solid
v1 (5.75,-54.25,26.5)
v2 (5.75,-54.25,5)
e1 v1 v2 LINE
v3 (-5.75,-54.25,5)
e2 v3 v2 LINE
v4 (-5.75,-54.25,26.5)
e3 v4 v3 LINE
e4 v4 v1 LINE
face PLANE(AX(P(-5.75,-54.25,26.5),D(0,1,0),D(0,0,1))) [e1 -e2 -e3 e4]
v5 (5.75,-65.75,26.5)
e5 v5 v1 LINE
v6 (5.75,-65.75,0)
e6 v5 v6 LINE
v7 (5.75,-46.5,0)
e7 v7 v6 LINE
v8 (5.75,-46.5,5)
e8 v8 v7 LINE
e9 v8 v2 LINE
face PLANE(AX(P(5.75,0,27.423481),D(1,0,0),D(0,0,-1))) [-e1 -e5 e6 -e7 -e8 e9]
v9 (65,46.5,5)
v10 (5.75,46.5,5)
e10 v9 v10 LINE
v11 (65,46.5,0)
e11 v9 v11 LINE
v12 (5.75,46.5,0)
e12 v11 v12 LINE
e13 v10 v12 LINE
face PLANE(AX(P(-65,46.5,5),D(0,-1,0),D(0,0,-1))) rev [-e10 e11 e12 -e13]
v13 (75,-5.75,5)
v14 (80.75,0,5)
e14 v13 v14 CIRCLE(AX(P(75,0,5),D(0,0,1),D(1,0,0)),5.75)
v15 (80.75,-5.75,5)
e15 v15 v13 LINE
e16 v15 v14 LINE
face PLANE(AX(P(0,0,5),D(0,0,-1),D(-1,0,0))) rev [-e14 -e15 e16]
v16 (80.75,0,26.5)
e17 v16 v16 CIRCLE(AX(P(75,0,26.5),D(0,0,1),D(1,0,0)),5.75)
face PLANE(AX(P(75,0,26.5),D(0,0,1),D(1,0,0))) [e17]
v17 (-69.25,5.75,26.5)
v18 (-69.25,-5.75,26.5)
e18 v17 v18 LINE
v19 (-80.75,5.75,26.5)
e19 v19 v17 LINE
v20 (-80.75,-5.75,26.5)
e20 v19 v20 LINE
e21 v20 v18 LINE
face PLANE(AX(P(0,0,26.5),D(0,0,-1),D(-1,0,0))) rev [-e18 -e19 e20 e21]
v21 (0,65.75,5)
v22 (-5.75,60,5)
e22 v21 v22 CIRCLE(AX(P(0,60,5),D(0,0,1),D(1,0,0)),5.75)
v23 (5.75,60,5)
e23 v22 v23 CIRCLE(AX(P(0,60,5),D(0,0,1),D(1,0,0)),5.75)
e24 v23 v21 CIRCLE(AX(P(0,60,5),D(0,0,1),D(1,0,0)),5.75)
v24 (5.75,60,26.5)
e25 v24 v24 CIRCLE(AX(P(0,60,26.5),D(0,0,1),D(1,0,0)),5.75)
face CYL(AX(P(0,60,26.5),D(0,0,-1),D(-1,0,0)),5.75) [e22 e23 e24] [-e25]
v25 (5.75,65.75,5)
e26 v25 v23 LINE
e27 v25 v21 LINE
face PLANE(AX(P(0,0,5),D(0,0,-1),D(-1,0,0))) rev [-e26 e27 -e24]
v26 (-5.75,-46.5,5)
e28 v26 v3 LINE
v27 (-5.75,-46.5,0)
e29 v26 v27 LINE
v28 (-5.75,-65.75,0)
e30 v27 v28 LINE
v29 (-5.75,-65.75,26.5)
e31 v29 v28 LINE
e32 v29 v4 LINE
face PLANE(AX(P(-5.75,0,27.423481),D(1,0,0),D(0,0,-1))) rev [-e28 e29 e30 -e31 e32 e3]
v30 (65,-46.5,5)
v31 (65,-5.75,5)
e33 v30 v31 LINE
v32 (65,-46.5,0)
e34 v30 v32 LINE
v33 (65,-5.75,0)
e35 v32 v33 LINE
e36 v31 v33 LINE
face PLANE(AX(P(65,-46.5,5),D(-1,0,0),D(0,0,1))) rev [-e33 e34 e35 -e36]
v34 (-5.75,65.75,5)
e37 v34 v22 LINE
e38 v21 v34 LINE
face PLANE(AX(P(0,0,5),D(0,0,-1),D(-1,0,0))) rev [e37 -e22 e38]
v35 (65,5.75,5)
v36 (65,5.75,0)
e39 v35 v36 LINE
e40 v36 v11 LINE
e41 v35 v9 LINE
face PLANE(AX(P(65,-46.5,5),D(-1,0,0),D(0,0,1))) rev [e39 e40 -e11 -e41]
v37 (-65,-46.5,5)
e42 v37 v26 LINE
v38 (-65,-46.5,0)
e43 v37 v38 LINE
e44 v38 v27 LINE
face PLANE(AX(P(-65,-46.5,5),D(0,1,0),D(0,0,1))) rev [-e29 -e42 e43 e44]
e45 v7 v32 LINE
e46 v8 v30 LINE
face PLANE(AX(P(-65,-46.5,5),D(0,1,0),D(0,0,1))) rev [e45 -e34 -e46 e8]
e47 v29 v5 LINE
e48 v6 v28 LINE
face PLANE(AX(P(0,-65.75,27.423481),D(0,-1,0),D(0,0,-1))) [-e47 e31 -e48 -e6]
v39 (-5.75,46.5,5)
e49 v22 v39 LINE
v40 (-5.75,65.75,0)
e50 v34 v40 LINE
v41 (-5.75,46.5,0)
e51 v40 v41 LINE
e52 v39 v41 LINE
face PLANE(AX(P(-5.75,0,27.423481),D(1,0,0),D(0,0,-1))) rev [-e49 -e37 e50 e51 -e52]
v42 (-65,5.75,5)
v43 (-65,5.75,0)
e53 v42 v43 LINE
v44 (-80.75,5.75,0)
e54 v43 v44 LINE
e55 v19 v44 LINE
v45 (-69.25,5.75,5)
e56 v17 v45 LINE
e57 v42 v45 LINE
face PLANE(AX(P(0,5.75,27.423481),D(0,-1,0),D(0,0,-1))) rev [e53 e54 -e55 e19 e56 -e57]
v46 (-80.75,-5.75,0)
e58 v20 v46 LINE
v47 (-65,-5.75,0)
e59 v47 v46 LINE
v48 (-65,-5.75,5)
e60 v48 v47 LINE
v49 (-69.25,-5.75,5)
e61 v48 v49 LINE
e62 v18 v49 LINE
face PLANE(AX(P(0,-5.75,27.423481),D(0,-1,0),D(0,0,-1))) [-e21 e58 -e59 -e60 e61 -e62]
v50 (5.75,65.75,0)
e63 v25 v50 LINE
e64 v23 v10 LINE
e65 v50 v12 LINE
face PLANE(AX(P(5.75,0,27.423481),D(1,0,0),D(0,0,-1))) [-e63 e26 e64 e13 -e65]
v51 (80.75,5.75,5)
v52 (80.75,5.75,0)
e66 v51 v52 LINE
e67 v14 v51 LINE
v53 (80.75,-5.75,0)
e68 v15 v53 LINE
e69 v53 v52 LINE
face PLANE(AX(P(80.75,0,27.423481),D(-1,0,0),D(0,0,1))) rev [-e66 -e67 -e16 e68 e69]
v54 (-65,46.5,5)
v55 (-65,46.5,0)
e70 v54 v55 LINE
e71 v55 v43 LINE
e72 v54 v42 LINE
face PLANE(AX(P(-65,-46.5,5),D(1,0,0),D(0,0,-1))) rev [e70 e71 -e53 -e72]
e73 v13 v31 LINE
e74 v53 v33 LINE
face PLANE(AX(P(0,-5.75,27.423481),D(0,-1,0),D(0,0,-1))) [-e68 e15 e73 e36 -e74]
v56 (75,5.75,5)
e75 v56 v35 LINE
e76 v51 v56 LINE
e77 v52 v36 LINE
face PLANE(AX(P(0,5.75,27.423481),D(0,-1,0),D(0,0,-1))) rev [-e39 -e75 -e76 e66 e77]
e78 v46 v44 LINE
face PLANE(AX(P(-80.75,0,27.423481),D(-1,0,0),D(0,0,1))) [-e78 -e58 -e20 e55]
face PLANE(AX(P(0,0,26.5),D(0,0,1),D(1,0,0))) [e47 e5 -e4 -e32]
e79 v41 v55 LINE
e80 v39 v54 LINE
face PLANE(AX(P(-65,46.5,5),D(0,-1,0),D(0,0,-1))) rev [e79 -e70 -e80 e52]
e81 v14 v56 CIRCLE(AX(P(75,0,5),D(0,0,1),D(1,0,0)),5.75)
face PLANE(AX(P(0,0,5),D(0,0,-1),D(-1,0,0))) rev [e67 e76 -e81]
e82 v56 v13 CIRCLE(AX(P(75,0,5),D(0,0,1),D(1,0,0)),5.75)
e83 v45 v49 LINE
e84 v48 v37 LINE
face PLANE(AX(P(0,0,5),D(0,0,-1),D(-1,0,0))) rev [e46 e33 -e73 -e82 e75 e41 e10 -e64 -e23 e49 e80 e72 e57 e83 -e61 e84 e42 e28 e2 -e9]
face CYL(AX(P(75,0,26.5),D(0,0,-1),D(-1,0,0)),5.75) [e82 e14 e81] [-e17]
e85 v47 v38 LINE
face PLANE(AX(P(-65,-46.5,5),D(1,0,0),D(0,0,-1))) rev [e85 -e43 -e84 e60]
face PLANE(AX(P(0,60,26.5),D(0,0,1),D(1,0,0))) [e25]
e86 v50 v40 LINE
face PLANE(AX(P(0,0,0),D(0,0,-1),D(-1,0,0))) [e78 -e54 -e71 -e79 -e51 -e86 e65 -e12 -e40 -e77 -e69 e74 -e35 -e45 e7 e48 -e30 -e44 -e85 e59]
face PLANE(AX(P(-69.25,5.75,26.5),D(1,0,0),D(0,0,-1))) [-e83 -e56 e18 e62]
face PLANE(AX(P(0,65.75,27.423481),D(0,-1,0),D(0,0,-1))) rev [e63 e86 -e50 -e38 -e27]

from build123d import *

# Parameters (mm, degrees)
SKETCH1_W             = 130
SKETCH1_H             = 93
BOSS_EXTRUDE1_DEPTH   = 5
SKETCH2_R             = 5.75
BOSS_EXTRUDE2_DEPTH   = 21.5
BOSS_EXTRUDE2_2_DEPTH = 21.5
SKETCH2_W             = 11.5
SKETCH2_H             = 11.5
BOSS_EXTRUDE2_3_DEPTH = 21.5
BOSS_EXTRUDE2_4_DEPTH = 21.5
SKETCH3_W             = 11.5
SKETCH3_H             = 19.25
SKETCH3_W_2           = 15.75
SKETCH3_H_2           = 11.5
BOSS_EXTRUDE3_DEPTH   = 5


with BuildPart() as part:
    # Sketch1 → Boss-Extrude1 (new body)
    with BuildSketch(Plane.XY):
        Rectangle(SKETCH1_W, SKETCH1_H)
    extrude(amount=BOSS_EXTRUDE1_DEPTH)



with BuildPart() as body_2:
    # Sketch2 → Boss-Extrude2 (new body)
    with BuildSketch(Plane.XY.offset(5)):
        with Locations((0, 60)):
            Circle(SKETCH2_R)
    extrude(amount=BOSS_EXTRUDE2_DEPTH)


with BuildPart() as body_3:
    # Sketch2 → Boss-Extrude2 2 (new body)
    with BuildSketch(Plane.XY.offset(5)):
        with Locations((75, 0)):
            Circle(SKETCH2_R)
    extrude(amount=BOSS_EXTRUDE2_2_DEPTH)


with BuildPart() as body_4:
    # Sketch2 → Boss-Extrude2 3 (new body)
    with BuildSketch(Plane.XY.offset(5)):
        with Locations((-75, 0)):
            Rectangle(SKETCH2_W, SKETCH2_H)
    extrude(amount=BOSS_EXTRUDE2_3_DEPTH)


with BuildPart() as body_5:
    # Sketch2 → Boss-Extrude2 4 (new body)
    with BuildSketch(Plane.XY.offset(5)):
        with Locations((0, -60)):
            Rectangle(SKETCH2_W, SKETCH2_H)
    extrude(amount=BOSS_EXTRUDE2_4_DEPTH)


with BuildPart() as part_1:
    add(part.part)

    add(body_2.part)  # Boss-Extrude3 merges body 2

    add(body_3.part)  # Boss-Extrude3 merges body 3

    add(body_4.part)  # Boss-Extrude3 merges body 4

    add(body_5.part)  # Boss-Extrude3 merges body 5
    # Sketch3 → Boss-Extrude3 (add)
    with BuildSketch(Plane(origin=(0, 0, 0), x_dir=(-1, 0, 0), z_dir=(0, 0, -1))):
        with Locations((0, 56.125)):
            Rectangle(SKETCH3_W, SKETCH3_H)
        with Locations((-72.875, 0)):
            Rectangle(SKETCH3_W_2, SKETCH3_H_2)
        with Locations((0, -56.125)):
            Rectangle(SKETCH3_W, SKETCH3_H)
        with Locations((72.875, 0)):
            Rectangle(SKETCH3_W_2, SKETCH3_H_2)
    extrude(amount=-BOSS_EXTRUDE3_DEPTH)


solid = part_1.part
